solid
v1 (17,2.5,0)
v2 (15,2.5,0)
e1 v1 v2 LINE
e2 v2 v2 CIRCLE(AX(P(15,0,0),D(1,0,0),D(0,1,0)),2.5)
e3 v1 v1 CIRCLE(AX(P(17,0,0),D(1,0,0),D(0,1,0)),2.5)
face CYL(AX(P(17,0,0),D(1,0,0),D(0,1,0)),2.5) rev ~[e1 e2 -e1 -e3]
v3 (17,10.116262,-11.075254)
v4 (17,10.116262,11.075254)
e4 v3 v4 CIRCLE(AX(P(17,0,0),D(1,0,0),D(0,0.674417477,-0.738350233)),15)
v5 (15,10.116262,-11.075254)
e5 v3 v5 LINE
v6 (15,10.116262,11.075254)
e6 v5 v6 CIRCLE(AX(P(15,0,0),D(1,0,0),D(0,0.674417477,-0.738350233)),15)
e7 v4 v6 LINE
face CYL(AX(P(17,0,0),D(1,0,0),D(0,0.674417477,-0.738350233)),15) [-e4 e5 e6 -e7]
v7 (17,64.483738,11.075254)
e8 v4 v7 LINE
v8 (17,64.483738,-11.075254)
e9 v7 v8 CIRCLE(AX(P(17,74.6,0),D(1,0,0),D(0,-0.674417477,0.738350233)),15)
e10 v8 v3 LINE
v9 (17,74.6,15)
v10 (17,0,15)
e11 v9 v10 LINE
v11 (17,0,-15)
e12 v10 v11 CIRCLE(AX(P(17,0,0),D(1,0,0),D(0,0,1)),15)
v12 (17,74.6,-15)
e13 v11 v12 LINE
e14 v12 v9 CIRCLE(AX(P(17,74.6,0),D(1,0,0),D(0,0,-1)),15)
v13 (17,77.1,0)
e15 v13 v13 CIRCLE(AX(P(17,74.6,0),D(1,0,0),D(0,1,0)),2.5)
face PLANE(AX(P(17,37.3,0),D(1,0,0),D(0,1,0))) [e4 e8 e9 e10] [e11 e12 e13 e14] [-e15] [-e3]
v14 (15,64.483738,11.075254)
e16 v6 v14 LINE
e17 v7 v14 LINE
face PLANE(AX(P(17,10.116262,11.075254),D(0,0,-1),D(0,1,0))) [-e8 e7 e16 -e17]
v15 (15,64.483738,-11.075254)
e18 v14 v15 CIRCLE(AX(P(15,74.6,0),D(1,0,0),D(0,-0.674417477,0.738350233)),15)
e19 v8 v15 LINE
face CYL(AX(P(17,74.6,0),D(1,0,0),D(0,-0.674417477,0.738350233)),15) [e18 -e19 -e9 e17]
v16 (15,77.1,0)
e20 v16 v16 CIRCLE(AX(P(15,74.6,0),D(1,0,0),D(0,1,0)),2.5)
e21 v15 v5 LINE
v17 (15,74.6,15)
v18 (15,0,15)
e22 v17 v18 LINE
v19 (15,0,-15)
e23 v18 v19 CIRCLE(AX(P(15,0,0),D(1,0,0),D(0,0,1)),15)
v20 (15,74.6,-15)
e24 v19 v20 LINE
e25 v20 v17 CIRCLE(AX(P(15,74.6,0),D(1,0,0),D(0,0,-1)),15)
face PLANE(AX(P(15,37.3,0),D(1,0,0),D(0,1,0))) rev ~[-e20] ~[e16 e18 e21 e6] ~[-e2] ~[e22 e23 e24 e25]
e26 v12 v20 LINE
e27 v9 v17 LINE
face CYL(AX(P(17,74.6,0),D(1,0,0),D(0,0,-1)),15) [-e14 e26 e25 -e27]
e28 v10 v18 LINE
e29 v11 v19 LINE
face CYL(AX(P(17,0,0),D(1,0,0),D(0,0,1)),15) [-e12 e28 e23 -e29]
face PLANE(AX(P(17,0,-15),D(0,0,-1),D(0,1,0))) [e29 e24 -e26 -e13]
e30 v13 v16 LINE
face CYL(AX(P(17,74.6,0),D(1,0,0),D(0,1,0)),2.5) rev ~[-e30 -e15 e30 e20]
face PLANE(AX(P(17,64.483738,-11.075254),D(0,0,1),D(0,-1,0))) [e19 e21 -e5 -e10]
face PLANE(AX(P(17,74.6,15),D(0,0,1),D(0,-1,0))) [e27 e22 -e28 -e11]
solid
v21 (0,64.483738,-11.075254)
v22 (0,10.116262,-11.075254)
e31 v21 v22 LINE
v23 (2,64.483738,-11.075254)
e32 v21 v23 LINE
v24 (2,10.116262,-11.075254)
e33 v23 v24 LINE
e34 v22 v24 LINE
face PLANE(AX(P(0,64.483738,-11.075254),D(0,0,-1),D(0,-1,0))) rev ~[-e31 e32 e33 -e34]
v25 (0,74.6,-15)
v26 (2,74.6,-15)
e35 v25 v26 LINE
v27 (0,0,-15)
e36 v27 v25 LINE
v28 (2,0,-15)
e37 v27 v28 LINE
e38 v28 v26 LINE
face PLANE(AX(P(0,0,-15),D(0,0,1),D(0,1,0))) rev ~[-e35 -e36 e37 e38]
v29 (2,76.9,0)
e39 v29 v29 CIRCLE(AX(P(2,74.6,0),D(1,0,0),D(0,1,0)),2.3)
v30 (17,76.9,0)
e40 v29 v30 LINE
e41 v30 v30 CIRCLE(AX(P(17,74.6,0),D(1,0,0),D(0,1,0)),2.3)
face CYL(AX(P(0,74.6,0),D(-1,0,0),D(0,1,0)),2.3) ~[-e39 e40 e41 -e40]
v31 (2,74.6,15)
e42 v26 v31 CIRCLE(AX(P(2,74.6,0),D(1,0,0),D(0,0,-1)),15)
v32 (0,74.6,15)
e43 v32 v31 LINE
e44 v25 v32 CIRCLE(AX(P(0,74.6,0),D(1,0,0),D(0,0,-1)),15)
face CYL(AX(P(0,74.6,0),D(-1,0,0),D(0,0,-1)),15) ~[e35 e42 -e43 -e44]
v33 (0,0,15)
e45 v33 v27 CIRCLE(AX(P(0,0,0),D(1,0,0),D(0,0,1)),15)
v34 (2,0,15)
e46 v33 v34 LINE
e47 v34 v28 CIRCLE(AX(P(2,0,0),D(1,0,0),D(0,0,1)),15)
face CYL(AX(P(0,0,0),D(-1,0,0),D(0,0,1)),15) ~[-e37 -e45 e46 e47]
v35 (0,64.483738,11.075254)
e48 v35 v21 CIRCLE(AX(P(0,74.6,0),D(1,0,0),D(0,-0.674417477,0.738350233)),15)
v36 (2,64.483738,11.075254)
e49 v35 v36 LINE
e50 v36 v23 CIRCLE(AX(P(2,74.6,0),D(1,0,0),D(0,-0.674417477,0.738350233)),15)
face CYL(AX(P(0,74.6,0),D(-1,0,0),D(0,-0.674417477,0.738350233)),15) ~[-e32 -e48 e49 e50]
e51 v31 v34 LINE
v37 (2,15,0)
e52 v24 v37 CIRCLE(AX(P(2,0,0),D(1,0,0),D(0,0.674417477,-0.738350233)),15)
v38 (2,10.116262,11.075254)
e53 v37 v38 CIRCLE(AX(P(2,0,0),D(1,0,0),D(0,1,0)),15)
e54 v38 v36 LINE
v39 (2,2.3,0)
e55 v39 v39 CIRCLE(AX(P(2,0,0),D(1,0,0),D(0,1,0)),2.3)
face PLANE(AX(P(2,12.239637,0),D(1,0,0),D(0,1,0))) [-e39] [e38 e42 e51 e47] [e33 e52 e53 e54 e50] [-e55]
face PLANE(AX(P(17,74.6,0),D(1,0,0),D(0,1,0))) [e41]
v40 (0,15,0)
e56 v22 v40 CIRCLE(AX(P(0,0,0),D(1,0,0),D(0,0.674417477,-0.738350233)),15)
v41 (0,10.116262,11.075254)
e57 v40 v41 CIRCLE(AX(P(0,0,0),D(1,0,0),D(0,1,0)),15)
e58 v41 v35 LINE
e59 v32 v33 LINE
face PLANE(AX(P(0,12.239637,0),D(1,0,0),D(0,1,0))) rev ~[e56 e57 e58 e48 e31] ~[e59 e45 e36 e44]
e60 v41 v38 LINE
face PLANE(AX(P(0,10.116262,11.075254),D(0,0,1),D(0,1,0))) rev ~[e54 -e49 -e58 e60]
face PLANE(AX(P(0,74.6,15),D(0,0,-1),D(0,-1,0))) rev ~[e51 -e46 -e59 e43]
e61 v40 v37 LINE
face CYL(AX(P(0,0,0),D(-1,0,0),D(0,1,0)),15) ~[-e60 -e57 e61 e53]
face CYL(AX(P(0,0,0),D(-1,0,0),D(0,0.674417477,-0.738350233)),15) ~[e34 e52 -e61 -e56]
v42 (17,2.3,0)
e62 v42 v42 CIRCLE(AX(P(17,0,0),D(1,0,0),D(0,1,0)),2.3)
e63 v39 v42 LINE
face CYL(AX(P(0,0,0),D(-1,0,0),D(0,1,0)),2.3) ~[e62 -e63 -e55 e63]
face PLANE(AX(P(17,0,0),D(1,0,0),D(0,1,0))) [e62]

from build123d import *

# Parameters (mm, degrees)
F0_R     = 2.3
F1_DEPTH = 2
F2_DEPTH = 17
F3_R     = 2.5
F4_DEPTH = 2


with BuildPart() as f1:
    # F0 (on Right) → F1 (new body)
    with BuildSketch(Plane.YZ):
        with BuildLine():
            ThreePointArc((10.1162621493, -11.0752535017), (13.7248667068, -6.0521098701), (15, 0))
            ThreePointArc((15, 0), (13.7248667068, 6.0521098701), (10.1162621493, 11.0752535017))
            Line((10.1162621493, 11.0752535017), (10.1162621493, 7.3424274001))
            ThreePointArc((10.1162621493, 7.3424274001), (11.8891395161, 3.8598395778), (12.5, 0))
            ThreePointArc((12.5, 0), (11.8891395161, -3.8598395778), (10.1162621493, -7.3424274001))
            Line((10.1162621493, -7.3424274001), (10.1162621493, -11.0752535017))
        make_face()
        with BuildLine():
            ThreePointArc((12.5, 0), (11.8891395161, 3.8598395778), (10.1162621493, 7.3424274001))
            Line((10.1162621493, 7.3424274001), (10.1162621493, -7.3424274001))
            ThreePointArc((10.1162621493, -7.3424274001), (11.8891395161, -3.8598395778), (12.5, 0))
        make_face()
        with BuildLine():
            Line((10.1162621493, -7.3424274001), (10.1162621493, 7.3424274001))
            ThreePointArc((10.1162621493, 7.3424274001), (-12.5, 0), (10.1162621493, -7.3424274001))
        make_face()
        Circle(F0_R, mode=Mode.SUBTRACT)
        with BuildLine():
            Line((10.1162621493, 7.3424274001), (10.1162621493, 11.0752535017))
            ThreePointArc((10.1162621493, 11.0752535017), (5.4254583896, 13.9844342489), (0, 15))
            ThreePointArc((0, 15), (-15, 0), (0, -15))
            ThreePointArc((0, -15), (5.4254583896, -13.9844342489), (10.1162621493, -11.0752535017))
            Line((10.1162621493, -11.0752535017), (10.1162621493, -7.3424274001))
            ThreePointArc((10.1162621493, -7.3424274001), (-12.5, 0), (10.1162621493, 7.3424274001))
        make_face()
        with BuildLine():
            ThreePointArc((0, 15), (5.4254583896, 13.9844342489), (10.1162621493, 11.0752535017))
            Line((10.1162621493, 11.0752535017), (64.4837378507, 11.0752535017))
            ThreePointArc((64.4837378507, 11.0752535017), (69.1745416104, 13.9844342489), (74.6, 15))
            Line((74.6, 15), (0, 15))
        make_face()
        with BuildLine():
            Line((64.4837378507, -11.0752535017), (10.1162621493, -11.0752535017))
            ThreePointArc((10.1162621493, -11.0752535017), (5.4254583896, -13.9844342489), (0, -15))
            Line((0, -15), (74.6, -15))
            ThreePointArc((74.6, -15), (69.1745416104, -13.9844342489), (64.4837378507, -11.0752535017))
        make_face()
        with BuildLine():
            ThreePointArc((74.6, 15), (69.1745416104, 13.9844342489), (64.4837378507, 11.0752535017))
            Line((64.4837378507, 11.0752535017), (64.4837378507, 7.3424274001))
            ThreePointArc((64.4837378507, 7.3424274001), (78.4598395778, 11.8891395161), (87.1, 0))
            ThreePointArc((87.1, 0), (78.4598395778, -11.8891395161), (64.4837378507, -7.3424274001))
            Line((64.4837378507, -7.3424274001), (64.4837378507, -11.0752535017))
            ThreePointArc((64.4837378507, -11.0752535017), (69.1745416104, -13.9844342489), (74.6, -15))
            ThreePointArc((74.6, -15), (85.2066017178, -10.6066017178), (89.6, 0))
            ThreePointArc((89.6, 0), (85.2066017178, 10.6066017178), (74.6, 15))
        make_face()
        with BuildLine():
            ThreePointArc((87.1, 0), (78.4598395778, 11.8891395161), (64.4837378507, 7.3424274001))
            Line((64.4837378507, 7.3424274001), (64.4837378507, -7.3424274001))
            ThreePointArc((64.4837378507, -7.3424274001), (78.4598395778, -11.8891395161), (87.1, 0))
        make_face()
        with Locations((74.6, 0)):
            Circle(F0_R, mode=Mode.SUBTRACT)
        with BuildLine():
            Line((64.4837378507, -7.3424274001), (64.4837378507, 7.3424274001))
            ThreePointArc((64.4837378507, 7.3424274001), (62.1, 0), (64.4837378507, -7.3424274001))
        make_face()
        with BuildLine():
            Line((64.4837378507, 7.3424274001), (64.4837378507, 11.0752535017))
            ThreePointArc((64.4837378507, 11.0752535017), (59.6, 0), (64.4837378507, -11.0752535017))
            Line((64.4837378507, -11.0752535017), (64.4837378507, -7.3424274001))
            ThreePointArc((64.4837378507, -7.3424274001), (62.1, 0), (64.4837378507, 7.3424274001))
        make_face()
    extrude(amount=F1_DEPTH)

    # F0 (on Right) → F2 (join)
    with BuildSketch(Plane.YZ):
        Circle(F0_R)
        with Locations((74.6, 0)):
            Circle(F0_R)
    extrude(amount=F2_DEPTH)


with BuildPart() as f4:
    # F3 (on face) → F4 (new body)
    with BuildSketch(Plane.YZ.offset(17)):
        with BuildLine():
            ThreePointArc((74.6, -15), (89.6, 0), (74.6, 15))
            Line((74.6, 15), (0, 15))
            ThreePointArc((0, 15), (-15, 0), (0, -15))
            Line((0, -15), (74.6, -15))
        make_face()
        Circle(F3_R, mode=Mode.SUBTRACT)
        with BuildLine():
            Line((64.4837378507, -11.0752535017), (10.1162621493, -11.0752535017))
            ThreePointArc((10.1162621493, -11.0752535017), (15, 0), (10.1162621493, 11.0752535017))
            Line((10.1162621493, 11.0752535017), (64.4837378507, 11.0752535017))
            ThreePointArc((64.4837378507, 11.0752535017), (59.6, 0), (64.4837378507, -11.0752535017))
        make_face(mode=Mode.SUBTRACT)
        with Locations((74.6, 0)):
            Circle(F3_R, mode=Mode.SUBTRACT)
    extrude(amount=-F4_DEPTH)


solid = Compound([f1.part, f4.part])
